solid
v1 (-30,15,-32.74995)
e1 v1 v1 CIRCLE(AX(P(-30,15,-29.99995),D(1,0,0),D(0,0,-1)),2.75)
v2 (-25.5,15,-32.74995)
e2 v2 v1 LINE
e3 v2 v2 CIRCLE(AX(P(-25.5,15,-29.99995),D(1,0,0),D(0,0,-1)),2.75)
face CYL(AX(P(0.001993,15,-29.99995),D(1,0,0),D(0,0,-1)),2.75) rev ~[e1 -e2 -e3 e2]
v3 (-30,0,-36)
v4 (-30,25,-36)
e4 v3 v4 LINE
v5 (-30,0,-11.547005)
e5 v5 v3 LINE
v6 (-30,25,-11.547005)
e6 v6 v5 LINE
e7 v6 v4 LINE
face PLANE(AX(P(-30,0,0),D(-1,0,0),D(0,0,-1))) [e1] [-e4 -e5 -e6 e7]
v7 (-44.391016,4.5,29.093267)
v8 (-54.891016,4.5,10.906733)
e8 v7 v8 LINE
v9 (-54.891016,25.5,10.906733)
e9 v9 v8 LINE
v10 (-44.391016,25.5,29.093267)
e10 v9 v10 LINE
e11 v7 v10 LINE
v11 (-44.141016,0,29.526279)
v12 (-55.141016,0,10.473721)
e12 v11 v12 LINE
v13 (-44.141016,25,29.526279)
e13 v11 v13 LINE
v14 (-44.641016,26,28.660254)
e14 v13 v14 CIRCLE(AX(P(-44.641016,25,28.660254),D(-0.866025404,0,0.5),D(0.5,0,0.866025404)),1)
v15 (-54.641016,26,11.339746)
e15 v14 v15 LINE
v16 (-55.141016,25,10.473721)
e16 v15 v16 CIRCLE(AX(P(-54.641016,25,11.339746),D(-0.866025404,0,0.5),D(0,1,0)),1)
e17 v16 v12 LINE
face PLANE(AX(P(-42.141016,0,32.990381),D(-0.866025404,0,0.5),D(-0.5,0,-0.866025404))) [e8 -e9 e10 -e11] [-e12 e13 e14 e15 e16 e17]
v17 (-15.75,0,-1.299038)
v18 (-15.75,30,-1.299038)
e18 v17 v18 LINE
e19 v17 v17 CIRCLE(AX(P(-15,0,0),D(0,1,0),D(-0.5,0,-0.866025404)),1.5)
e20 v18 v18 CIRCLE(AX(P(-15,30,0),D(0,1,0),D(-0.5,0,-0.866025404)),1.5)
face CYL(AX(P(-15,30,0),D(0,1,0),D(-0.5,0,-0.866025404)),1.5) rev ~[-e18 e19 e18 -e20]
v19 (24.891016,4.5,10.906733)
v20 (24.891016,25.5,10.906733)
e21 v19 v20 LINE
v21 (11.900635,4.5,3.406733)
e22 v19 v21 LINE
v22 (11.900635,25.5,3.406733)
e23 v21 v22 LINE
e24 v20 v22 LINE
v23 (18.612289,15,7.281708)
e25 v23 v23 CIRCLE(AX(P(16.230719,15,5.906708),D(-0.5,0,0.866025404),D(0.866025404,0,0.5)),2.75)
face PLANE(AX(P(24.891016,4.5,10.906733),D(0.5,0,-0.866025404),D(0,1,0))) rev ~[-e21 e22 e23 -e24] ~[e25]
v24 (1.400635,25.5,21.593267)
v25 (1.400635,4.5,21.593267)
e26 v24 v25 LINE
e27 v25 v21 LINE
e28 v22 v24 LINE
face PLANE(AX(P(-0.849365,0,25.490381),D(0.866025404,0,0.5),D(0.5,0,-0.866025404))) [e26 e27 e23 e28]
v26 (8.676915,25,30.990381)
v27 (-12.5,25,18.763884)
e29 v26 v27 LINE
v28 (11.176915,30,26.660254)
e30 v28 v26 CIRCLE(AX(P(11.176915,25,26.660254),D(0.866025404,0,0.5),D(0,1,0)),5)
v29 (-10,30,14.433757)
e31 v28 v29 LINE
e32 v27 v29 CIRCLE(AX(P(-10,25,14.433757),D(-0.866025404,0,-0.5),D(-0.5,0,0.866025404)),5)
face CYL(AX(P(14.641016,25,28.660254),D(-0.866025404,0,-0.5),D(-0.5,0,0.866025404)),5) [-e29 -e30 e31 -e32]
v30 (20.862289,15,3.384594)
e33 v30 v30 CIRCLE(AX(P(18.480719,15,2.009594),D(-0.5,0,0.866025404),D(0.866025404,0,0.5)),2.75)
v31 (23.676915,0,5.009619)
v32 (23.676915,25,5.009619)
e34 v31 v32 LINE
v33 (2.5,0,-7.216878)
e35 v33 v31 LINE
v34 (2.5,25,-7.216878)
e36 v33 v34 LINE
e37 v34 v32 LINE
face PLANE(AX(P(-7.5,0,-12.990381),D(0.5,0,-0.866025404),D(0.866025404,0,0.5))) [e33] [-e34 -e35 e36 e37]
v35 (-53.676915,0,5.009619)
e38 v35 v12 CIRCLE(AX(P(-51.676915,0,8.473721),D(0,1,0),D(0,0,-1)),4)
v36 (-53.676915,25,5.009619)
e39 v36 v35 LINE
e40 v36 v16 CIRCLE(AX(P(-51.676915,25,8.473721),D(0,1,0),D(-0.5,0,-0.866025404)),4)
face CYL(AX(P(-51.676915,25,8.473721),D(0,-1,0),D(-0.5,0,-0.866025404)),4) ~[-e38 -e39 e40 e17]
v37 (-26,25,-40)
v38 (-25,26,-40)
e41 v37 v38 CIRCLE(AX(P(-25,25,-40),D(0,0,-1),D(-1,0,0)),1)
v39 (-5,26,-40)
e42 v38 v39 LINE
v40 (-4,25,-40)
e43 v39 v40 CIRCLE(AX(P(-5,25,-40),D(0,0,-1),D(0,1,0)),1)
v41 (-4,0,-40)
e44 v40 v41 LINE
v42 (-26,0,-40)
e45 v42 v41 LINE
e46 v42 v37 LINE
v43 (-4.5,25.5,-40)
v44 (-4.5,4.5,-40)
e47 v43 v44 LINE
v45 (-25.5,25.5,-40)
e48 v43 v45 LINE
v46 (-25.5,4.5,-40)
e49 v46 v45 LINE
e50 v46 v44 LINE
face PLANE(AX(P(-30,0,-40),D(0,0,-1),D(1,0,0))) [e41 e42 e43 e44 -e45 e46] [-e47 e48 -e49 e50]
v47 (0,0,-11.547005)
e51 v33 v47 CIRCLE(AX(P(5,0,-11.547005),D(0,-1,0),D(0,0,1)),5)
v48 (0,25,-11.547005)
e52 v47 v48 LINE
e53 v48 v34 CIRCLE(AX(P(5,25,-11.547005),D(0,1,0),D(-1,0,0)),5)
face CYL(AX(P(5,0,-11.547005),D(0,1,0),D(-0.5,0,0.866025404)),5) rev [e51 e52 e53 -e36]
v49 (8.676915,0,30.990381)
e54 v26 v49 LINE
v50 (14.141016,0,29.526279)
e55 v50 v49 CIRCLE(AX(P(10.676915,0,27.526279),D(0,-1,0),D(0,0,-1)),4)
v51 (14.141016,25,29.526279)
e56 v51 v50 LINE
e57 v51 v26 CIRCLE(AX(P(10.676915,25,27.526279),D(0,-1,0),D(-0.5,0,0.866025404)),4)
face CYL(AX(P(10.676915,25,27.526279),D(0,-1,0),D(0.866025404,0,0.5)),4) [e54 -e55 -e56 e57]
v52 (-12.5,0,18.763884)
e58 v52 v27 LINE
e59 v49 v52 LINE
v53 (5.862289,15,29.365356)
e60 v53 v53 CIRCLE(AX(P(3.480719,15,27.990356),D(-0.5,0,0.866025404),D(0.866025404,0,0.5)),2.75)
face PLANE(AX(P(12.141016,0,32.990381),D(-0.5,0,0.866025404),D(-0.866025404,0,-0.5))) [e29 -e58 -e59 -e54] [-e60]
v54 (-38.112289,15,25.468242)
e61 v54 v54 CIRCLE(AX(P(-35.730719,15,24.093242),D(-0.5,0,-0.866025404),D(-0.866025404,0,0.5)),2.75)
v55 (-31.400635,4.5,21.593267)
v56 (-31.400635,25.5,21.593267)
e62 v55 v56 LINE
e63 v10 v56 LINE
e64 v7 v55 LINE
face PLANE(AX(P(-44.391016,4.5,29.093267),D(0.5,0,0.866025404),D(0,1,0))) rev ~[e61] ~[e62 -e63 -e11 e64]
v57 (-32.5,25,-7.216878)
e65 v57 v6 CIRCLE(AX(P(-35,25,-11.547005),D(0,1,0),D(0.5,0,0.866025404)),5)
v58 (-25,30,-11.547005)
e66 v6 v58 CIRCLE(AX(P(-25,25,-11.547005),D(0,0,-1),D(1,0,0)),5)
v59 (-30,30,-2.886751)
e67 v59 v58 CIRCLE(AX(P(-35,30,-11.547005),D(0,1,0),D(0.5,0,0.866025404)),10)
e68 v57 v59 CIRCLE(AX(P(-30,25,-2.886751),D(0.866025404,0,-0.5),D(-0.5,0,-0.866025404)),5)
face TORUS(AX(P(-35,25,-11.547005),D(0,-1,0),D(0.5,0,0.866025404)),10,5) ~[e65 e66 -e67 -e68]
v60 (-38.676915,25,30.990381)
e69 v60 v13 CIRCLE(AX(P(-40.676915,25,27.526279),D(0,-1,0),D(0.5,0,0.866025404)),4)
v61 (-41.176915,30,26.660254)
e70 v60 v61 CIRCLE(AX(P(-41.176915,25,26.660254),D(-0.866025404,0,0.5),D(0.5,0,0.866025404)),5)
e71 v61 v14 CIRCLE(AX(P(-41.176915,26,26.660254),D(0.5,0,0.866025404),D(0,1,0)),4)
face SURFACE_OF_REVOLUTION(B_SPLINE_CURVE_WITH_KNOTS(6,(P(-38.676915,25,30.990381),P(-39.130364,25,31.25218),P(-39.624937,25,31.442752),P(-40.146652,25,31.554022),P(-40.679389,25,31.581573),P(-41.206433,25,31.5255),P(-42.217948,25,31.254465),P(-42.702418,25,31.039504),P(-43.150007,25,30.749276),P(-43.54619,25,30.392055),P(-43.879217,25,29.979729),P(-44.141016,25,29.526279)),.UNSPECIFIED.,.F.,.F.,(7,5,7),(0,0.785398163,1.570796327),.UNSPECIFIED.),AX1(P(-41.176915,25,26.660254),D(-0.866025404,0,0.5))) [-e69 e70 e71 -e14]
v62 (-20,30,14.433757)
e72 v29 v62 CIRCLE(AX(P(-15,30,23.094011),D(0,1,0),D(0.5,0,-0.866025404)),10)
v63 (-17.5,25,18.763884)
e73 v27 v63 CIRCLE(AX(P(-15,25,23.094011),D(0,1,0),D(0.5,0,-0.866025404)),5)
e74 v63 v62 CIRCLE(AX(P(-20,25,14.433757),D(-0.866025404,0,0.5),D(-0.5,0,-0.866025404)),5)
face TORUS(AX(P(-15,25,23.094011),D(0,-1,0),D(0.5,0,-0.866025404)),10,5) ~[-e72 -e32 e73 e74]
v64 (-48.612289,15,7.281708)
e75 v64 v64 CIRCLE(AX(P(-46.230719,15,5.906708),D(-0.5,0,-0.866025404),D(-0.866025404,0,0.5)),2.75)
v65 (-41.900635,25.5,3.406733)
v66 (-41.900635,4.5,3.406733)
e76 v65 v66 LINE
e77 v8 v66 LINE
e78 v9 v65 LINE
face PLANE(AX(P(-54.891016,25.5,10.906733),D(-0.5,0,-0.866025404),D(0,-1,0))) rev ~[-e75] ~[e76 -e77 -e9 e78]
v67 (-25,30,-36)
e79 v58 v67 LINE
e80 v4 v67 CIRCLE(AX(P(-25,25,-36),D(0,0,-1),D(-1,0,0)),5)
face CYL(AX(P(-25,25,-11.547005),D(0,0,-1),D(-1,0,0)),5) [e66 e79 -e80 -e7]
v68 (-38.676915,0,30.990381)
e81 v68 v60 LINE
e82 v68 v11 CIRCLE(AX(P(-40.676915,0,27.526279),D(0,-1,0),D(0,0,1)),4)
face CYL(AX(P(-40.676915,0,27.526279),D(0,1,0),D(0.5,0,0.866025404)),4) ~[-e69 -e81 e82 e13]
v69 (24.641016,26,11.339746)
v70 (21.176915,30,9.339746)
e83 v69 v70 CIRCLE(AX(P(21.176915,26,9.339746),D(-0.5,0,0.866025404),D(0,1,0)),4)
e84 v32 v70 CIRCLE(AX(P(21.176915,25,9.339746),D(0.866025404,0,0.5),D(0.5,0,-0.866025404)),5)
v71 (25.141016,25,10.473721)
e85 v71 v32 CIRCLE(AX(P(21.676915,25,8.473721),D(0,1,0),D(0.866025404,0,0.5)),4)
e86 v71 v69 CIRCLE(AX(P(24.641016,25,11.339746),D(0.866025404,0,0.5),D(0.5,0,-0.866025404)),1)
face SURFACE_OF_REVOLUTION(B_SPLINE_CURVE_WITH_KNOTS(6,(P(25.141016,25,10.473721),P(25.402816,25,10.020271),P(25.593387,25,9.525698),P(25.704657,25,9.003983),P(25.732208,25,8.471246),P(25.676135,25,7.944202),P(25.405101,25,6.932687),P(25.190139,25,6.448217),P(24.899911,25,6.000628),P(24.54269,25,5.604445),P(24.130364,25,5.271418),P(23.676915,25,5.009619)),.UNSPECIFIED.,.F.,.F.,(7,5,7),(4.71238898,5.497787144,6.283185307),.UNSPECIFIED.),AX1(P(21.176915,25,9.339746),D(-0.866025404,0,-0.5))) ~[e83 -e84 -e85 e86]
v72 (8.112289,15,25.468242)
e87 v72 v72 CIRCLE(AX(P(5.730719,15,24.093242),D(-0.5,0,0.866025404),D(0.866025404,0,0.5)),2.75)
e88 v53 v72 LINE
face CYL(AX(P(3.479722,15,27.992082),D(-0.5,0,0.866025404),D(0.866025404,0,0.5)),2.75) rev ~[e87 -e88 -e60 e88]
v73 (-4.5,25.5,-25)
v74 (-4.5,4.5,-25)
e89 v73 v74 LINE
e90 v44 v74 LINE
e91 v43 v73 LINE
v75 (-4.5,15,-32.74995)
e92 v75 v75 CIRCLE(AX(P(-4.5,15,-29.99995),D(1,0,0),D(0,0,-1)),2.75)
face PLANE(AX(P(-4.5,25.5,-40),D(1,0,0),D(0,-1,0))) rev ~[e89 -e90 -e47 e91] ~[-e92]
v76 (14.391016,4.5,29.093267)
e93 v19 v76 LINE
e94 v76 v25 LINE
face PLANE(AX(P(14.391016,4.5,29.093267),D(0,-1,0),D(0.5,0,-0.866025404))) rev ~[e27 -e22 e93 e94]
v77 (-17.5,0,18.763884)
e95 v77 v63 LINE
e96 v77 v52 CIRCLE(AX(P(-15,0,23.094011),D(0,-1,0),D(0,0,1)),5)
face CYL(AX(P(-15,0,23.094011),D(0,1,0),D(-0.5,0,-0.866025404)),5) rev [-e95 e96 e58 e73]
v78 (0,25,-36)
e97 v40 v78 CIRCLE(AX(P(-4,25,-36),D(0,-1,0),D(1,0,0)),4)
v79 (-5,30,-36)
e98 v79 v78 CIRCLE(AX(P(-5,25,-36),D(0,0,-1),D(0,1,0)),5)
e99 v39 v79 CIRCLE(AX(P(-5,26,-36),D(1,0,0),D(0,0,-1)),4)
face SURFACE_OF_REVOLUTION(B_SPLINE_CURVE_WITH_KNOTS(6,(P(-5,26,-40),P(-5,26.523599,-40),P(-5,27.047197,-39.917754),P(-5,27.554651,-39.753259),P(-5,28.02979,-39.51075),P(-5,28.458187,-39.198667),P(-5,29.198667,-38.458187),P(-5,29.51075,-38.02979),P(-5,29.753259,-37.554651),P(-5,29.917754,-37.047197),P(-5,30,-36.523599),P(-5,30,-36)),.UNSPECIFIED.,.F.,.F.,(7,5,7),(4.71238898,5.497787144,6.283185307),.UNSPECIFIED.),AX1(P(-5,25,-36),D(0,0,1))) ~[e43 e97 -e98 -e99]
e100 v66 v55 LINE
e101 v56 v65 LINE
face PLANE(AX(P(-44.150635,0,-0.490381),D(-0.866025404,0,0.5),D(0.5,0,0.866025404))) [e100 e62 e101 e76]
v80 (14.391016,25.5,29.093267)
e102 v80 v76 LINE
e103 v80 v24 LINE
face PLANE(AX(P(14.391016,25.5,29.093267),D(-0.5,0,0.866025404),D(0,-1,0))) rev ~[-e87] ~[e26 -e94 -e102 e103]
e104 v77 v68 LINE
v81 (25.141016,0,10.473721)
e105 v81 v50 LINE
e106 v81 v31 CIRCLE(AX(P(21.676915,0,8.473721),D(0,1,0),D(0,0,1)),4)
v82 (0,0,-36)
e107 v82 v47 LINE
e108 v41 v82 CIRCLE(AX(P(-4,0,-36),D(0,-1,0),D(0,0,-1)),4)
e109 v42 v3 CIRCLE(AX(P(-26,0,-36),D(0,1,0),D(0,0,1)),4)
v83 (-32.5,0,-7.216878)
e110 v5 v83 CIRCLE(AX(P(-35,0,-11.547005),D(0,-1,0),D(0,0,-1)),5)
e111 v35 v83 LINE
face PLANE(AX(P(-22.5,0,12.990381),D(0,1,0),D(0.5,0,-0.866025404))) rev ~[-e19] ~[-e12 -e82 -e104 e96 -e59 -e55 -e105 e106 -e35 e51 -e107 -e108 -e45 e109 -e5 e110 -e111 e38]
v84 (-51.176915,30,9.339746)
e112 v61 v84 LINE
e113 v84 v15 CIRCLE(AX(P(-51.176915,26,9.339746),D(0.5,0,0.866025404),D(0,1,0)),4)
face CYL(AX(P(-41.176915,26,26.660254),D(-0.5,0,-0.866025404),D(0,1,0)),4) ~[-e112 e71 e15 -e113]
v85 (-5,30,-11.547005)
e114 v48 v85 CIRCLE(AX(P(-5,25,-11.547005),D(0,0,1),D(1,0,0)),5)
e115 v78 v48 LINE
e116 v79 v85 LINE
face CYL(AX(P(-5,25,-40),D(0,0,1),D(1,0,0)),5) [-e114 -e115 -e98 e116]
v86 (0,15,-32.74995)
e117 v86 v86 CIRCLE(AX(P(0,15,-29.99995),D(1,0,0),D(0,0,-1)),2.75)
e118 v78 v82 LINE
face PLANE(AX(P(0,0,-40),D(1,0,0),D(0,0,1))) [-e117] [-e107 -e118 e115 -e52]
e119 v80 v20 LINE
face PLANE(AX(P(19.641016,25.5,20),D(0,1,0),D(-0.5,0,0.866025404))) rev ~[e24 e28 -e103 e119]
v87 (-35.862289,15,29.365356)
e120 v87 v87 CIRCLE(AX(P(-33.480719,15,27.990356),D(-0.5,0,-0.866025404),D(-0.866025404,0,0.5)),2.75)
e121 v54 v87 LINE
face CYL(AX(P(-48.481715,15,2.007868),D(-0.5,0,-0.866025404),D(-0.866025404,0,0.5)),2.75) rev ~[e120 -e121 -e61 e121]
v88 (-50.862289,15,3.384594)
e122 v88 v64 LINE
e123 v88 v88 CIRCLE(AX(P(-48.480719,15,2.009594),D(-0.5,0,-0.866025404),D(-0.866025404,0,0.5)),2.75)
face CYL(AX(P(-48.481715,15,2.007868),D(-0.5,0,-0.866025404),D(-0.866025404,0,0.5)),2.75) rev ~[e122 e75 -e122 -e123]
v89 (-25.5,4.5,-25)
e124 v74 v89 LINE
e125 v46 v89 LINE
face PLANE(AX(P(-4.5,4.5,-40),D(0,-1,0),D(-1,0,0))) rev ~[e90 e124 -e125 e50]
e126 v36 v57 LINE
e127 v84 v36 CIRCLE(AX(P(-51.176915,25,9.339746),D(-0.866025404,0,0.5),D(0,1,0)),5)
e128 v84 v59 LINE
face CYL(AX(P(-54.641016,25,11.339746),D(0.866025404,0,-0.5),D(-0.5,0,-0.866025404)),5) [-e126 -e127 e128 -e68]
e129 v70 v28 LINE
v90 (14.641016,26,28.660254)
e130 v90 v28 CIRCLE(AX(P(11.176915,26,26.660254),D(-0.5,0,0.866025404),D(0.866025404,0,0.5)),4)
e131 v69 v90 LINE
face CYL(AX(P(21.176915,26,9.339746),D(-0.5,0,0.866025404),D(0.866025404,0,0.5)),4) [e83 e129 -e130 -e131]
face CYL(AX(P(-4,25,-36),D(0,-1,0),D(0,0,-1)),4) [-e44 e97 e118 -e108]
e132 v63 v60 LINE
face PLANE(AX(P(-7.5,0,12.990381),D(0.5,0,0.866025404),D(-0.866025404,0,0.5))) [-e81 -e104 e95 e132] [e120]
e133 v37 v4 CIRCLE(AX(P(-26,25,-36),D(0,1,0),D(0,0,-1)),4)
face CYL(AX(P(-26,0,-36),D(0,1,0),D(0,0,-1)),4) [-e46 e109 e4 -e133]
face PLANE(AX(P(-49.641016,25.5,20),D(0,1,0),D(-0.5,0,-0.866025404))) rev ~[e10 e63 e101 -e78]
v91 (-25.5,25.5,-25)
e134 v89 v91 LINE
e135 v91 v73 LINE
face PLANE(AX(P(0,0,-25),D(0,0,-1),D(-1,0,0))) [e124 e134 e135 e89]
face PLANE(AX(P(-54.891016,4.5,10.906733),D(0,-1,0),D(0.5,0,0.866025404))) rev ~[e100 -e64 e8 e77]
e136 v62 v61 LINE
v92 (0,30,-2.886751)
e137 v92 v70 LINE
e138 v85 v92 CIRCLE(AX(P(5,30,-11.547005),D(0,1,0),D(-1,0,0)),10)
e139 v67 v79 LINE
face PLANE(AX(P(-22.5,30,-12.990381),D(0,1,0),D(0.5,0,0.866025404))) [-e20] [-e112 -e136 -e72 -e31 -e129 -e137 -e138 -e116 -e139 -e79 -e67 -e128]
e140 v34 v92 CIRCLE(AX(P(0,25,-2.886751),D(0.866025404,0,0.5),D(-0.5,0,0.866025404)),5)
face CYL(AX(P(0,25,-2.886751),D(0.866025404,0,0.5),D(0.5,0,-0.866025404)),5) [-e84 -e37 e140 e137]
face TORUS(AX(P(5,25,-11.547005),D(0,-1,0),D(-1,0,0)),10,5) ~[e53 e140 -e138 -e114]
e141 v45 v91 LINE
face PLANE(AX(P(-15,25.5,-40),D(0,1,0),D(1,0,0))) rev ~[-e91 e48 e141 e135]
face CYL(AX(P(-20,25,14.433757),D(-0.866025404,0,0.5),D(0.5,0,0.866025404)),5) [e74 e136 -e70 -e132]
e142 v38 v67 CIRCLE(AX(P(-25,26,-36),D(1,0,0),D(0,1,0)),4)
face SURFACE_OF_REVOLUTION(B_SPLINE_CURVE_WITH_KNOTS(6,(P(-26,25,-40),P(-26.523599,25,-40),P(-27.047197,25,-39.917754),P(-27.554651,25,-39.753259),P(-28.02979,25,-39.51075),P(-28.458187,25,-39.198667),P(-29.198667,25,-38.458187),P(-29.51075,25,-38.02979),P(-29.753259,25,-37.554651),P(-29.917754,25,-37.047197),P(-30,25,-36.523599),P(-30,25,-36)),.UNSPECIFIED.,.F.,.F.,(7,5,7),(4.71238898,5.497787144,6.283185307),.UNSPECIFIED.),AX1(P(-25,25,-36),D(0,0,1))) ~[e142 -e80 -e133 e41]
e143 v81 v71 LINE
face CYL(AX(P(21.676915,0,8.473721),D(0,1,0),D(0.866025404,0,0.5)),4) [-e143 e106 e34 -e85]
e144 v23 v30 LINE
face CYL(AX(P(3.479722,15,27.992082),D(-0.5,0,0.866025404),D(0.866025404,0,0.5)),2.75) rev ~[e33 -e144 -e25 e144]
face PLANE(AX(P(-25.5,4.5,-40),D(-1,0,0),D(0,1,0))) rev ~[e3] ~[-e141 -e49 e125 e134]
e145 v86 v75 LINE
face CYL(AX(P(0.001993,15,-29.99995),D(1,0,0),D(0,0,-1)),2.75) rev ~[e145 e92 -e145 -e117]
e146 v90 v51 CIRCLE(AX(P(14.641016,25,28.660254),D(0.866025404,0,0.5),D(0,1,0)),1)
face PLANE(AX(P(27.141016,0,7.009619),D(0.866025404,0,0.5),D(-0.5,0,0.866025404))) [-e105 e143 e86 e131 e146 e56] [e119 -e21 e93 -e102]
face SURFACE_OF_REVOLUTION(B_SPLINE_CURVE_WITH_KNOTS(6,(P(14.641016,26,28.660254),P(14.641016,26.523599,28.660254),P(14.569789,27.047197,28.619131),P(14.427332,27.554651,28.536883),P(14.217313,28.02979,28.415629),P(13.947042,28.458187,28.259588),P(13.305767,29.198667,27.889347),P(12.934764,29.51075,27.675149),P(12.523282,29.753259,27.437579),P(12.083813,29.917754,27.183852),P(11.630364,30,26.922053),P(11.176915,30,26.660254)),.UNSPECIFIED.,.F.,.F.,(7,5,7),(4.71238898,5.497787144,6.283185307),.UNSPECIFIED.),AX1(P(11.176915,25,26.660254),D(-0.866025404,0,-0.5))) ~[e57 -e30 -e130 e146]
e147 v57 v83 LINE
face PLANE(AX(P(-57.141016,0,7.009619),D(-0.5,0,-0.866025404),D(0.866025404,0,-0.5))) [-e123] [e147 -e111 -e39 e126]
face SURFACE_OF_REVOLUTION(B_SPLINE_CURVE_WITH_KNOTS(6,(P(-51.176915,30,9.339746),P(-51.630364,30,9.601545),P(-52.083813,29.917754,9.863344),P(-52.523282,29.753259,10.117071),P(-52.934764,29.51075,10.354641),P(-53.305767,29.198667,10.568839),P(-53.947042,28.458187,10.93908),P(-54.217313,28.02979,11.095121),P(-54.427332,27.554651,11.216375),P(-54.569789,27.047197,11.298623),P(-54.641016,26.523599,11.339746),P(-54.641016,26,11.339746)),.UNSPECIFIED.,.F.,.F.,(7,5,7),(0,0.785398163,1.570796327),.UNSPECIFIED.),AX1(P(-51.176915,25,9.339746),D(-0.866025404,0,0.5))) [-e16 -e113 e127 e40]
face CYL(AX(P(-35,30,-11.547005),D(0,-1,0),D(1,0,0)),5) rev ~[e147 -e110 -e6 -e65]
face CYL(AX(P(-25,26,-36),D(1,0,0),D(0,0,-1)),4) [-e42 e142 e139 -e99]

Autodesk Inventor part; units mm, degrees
ref_plane "YZ Plane" through (0, 0, 0) normal (1, 0, 0) x (0, 1, 0)
ref_plane "XZ Plane" through (0, 0, 0) normal (0, 1, 0) x (-1, 0, 0)
ref_plane "XY Plane" through (0, 0, 0) normal (0, 0, 1) x (1, 0, 0)
sketch "Sketch1" plane through (0, 0, 0) normal (0, 1, 0) x (-1, 0, 0)
  line L0 (0, 0) -> (30, 0)
  line L1 (30, 0) -> (30, -40)
  line L2 (30, -40) -> (0, -40)
  line L3 (0, -40) -> (0, 0)
  dimension "d0" = 30
  dimension "d1" = 40
extrude "Extrusion1" add sketch "Sketch1" along normal blind 30
sketch "Sketch6" plane through (0, 30, 0) normal (0, 1, 0) x (1, 0, 0)
  line L0 (0, 0) -> (-15, 0)
  line L1 (-30, 0) -> (0, 0) projected
  circle A0 centre (-15, 0) radius 1.5
  dimension "d32" = 3
extrude "Extrusion6" cut sketch "Sketch6" against normal blind 30
pattern_circular "Circular Pattern4" count 3 over 360 about axis through (-15, 30, 0) along (0, -1, 0) of "Extrusion1", "Extrusion6"
sketch "Sketch7" plane through (0, 0, -40) normal (0, 0, -1) x (-1, 0, 0)
  line L0 (4.5, 4.5) -> (25.5, 4.5)
  line L1 (25.5, 4.5) -> (25.5, 25.5)
  line L2 (25.5, 25.5) -> (4.5, 25.5)
  line L3 (4.5, 25.5) -> (4.5, 4.5)
  line L4 (15, 30) -> (15, 0) projected
  line L5 (4.5, 4.5) -> (25.5, 25.5) construction
  line L6 (25.5, 4.5) -> (4.5, 25.5) construction
  point P0 (0, 0)
  point P1 (15, 15)
  dimension "d38" = 21
  dimension "d39" = 21
extrude "Extrusion7" cut sketch "Sketch7" against normal blind 15
pattern_circular "Circular Pattern5" count 3 over 360 about axis through (-15, 30, 0) along (0, -1, 0) of "Extrusion7"
sketch "Sketch8" plane through (-15, 0, 17.3205) normal (-0.5, 0, 0.866) x (0.866, 0, 0.5)
  line L0 (31.3397, 0) -> (31.3397, 30) projected
  line L1 (31.3397, 15) -> (21.3397, 15)
  circle A0 centre (21.3397, 15) radius 2.75
  point P0 (4.3301, 0)
  dimension "d45" = 10
  dimension "d46" = 5.5
extrude "Extrusion8" cut sketch "Sketch8" against normal blind 30
pattern_circular "Circular Pattern6" count 3 over 360 about axis through (-15, 30, 0) along (0, -1, 0) of "Extrusion8"
fillet "Fillet5" radius 5 3 edges at (-15, 15, 17.3205) (0, 15, -8.6603) (-30, 15, -8.6603)
fillet "Fillet6" radius 5 6 edges at (-30, 30, -25.7735) (-44.8205, 30, -0.1036) (-0.1795, 30, 25.8771) (-29.8205, 30, 25.8771) (14.8205, 30, -0.1036) (0, 30, -25.7735)
fillet "Fillet7" radius 4 15 edges at (-28.5355, 28.5355, -40) (-30, 12.5, -40) (-1.4645, 28.5355, -40) (0, 12.5, -40) (-15, 30, -40) (-42.8732, 28.5355, 31.7221) (-42.141, 12.5, 32.9904) (-56.4088, 28.5355, 8.2779) (-57.141, 12.5, 7.0096) (-49.641, 30, 20) (26.4088, 28.5355, 8.2779) (27.141, 12.5, 7.0096) (12.8732, 28.5355, 31.7221) (12.141, 12.5, 32.9904) (19.641, 30, 20)
properties part number "80_20_top_connector"
